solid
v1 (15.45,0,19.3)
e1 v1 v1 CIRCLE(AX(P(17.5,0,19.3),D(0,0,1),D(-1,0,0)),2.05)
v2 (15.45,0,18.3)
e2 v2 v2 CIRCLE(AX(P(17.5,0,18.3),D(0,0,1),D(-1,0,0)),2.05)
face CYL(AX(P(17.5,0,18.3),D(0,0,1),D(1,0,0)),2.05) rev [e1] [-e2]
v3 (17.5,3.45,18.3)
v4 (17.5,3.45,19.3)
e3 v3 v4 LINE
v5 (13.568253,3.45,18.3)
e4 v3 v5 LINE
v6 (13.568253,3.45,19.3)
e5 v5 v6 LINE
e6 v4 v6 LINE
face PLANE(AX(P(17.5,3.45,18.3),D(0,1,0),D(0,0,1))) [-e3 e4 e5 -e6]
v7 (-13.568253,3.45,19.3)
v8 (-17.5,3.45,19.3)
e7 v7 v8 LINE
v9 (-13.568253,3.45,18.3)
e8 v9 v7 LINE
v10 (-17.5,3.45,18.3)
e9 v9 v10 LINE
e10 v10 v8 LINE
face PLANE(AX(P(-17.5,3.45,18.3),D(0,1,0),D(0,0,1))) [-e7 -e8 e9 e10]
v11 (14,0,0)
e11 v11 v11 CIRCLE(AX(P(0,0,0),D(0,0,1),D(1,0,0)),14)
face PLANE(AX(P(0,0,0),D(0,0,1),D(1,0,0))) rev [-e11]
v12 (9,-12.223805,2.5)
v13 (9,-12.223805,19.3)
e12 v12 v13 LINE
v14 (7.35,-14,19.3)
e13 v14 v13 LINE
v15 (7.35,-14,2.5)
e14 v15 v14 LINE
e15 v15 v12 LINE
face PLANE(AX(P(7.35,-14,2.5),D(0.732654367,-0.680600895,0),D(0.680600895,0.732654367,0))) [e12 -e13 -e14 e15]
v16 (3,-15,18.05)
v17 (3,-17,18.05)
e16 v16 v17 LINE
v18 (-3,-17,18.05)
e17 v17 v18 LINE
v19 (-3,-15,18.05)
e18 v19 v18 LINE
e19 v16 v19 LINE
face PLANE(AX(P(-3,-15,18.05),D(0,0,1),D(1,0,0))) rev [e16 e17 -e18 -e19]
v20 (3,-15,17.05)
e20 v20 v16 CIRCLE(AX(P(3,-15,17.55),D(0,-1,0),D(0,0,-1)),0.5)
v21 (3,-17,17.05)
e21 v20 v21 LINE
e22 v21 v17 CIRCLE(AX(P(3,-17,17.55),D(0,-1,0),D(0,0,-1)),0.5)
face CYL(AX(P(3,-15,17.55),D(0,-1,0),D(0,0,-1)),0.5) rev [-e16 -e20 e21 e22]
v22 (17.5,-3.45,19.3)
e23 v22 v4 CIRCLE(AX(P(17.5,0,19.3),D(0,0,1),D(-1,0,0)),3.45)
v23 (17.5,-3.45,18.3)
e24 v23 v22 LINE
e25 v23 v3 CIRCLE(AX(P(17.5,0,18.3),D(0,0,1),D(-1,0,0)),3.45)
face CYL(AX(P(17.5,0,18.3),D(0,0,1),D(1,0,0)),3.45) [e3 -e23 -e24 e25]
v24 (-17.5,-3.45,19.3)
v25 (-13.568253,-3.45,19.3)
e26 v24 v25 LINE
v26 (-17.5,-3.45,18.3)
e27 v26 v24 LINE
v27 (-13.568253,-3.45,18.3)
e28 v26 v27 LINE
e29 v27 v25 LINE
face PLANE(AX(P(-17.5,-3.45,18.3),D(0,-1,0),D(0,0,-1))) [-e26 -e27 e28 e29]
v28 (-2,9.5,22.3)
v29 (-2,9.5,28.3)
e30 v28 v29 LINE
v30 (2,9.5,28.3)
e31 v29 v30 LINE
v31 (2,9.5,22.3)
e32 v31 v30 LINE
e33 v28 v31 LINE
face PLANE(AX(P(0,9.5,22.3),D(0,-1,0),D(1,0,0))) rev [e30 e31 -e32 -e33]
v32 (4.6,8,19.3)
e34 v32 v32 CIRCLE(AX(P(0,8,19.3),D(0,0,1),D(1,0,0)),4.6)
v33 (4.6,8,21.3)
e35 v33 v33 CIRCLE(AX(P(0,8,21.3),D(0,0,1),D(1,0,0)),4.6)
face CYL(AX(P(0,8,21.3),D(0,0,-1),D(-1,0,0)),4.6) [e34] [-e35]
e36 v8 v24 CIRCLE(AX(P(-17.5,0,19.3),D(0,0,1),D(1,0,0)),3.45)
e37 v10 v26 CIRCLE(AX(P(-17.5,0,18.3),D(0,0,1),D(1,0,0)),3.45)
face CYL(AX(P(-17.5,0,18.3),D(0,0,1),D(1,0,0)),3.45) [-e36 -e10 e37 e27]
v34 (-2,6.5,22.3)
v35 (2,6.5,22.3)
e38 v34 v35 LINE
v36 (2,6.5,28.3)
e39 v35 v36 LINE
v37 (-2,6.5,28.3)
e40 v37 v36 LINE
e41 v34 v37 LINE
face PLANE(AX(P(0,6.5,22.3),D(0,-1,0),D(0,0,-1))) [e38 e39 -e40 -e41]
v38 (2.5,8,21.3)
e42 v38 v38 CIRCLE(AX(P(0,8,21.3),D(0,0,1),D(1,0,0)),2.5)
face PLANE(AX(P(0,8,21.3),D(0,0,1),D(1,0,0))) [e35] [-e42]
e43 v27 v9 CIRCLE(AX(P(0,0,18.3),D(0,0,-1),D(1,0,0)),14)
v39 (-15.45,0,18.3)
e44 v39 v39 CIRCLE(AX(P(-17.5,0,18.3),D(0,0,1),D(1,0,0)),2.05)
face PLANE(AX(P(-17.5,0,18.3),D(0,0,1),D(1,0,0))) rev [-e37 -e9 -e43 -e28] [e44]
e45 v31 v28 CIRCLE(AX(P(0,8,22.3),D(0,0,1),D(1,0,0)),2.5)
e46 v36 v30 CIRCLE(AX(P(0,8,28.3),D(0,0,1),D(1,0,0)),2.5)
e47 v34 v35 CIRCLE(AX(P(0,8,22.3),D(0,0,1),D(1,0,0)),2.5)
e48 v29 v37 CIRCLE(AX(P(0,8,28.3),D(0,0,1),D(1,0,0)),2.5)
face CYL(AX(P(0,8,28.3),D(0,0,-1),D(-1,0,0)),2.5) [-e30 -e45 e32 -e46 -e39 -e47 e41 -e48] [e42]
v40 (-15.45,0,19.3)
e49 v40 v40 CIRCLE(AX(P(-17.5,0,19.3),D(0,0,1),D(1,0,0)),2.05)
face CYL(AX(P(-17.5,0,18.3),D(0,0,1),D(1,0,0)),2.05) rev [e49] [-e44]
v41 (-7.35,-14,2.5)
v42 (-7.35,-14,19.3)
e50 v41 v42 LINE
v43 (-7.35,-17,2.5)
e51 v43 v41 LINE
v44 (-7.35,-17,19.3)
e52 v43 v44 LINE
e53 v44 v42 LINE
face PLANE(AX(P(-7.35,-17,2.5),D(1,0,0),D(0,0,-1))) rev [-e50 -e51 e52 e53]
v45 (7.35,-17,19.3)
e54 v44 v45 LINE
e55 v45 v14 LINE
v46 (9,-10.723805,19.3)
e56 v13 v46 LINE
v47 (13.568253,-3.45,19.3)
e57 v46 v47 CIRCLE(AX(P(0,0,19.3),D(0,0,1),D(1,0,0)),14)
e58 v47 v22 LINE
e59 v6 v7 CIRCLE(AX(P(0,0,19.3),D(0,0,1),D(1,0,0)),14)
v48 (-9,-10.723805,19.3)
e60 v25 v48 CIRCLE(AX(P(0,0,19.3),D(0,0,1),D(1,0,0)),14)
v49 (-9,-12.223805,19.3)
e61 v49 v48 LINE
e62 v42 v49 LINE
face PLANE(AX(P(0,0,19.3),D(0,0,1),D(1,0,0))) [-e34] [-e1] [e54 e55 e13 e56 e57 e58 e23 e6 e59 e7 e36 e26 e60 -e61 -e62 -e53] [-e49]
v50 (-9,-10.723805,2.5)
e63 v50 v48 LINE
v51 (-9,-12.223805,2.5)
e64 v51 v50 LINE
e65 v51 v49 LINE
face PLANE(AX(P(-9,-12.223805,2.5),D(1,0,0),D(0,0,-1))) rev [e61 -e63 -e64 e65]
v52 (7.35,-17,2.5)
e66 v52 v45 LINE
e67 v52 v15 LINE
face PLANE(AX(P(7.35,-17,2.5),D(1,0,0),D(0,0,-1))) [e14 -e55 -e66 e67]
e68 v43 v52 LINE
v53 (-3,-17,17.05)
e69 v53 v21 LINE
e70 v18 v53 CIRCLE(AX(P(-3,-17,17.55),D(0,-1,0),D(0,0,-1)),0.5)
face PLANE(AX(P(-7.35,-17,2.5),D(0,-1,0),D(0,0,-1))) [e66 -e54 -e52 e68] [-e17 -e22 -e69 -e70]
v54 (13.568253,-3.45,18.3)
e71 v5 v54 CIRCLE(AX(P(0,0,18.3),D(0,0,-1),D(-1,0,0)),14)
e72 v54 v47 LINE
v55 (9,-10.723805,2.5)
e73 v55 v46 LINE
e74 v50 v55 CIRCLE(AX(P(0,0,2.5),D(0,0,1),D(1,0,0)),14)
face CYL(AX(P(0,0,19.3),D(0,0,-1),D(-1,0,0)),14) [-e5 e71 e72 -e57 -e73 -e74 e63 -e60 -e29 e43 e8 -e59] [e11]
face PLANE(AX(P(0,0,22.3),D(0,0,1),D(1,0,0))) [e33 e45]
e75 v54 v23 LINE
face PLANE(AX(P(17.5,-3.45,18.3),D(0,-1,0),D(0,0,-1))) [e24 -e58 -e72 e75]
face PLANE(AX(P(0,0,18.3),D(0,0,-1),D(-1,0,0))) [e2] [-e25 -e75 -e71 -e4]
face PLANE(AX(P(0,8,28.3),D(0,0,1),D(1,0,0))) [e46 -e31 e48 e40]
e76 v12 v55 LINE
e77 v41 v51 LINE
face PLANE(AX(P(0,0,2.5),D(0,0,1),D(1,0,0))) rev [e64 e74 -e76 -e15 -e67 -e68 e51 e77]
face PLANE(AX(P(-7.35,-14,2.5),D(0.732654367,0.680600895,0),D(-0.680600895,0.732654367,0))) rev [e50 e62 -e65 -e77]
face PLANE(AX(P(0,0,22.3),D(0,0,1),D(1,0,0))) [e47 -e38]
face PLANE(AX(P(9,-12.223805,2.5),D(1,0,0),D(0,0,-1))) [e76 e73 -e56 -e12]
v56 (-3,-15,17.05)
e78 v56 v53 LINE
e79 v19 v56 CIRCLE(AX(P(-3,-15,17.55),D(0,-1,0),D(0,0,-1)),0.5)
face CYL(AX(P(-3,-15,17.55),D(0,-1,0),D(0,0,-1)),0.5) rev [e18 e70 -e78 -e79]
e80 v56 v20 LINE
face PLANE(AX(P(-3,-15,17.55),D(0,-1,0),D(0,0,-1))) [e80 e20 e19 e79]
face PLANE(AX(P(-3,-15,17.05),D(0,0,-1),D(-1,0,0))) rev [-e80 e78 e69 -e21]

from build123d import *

# Parameters (mm, degrees)
SKETCH1_R           = 14
BOSS_EXTRUDE1_DEPTH = 19.3
BOSS_EXTRUDE2_START = -16.8
BOSS_EXTRUDE2_DEPTH = 16.8
CUT_EXTRUDE1_DEPTH  = 2
BOSS_EXTRUDE3_START = -1
SKETCH5_R           = 2.05
BOSS_EXTRUDE3_DEPTH = 1
SKETCH6_R           = 4.6
BOSS_EXTRUDE4_DEPTH = 2
SKETCH7_R           = 2.5
BOSS_EXTRUDE5_DEPTH = 7
CUT_EXTRUDE2_START  = -6
CUT_EXTRUDE2_DEPTH  = 6


with BuildPart() as part:
    # Sketch1 → Boss-Extrude1 (new body)
    with BuildSketch(Plane.XY):
        Circle(SKETCH1_R)
    extrude(amount=BOSS_EXTRUDE1_DEPTH)

    # Sketch2 → Boss-Extrude2 (add)
    with BuildSketch(Plane.XY.offset(19.3).offset(BOSS_EXTRUDE2_START)):
        with BuildLine():
            Line((-7.35, -17), (7.35, -17))
            Line((7.35, -17), (7.35, -14))
            Line((7.35, -14), (9, -12.223805295))
            Line((9, -12.223805295), (9, -10.723805295))
            ThreePointArc((9, -10.723805295), (0, -14), (-9, -10.723805295))
            Line((-9, -10.723805295), (-9, -12.223805295))
            Line((-9, -12.223805295), (-7.35, -14))
            Line((-7.35, -14), (-7.35, -17))
        make_face()
    extrude(amount=BOSS_EXTRUDE2_DEPTH)

    # Sketch4 → Cut-Extrude1 (cut)
    with BuildSketch(Plane.XZ.offset(17)):
        with BuildLine():
            Line((-3, 18.05), (3, 18.05))
            ThreePointArc((3, 18.05), (3.5, 17.55), (3, 17.05))
            Line((3, 17.05), (-3, 17.05))
            ThreePointArc((-3, 17.05), (-3.5, 17.55), (-3, 18.05))
        make_face()
    extrude(amount=-CUT_EXTRUDE1_DEPTH, mode=Mode.SUBTRACT)

    # Sketch5 → Boss-Extrude3 (add)
    # profile 1 of 2: a face of its own
    with BuildSketch(Plane.XY.offset(19.3).offset(BOSS_EXTRUDE3_START)):
        with BuildLine():
            Line((-17.5, 3.45), (-13.568253388, 3.45))
            ThreePointArc((-13.568253388, 3.45), (-14, 0), (-13.568253388, -3.45))
            Line((-13.568253388, -3.45), (-17.5, -3.45))
            ThreePointArc((-17.5, -3.45), (-20.95, 0), (-17.5, 3.45))
        make_face()
        with Locations((-17.5, 0)):
            Circle(SKETCH5_R, mode=Mode.SUBTRACT)
    # profile 2 of 2: a face of its own
    with BuildSketch(Plane.XY.offset(19.3).offset(BOSS_EXTRUDE3_START)):
        with BuildLine():
            Line((17.5, -3.45), (13.568253388, -3.45))
            ThreePointArc((13.568253388, -3.45), (14, 0), (13.568253388, 3.45))
            Line((13.568253388, 3.45), (17.5, 3.45))
            ThreePointArc((17.5, 3.45), (20.95, 0), (17.5, -3.45))
        make_face()
        with Locations(Location((17.5, 0, 0), (0, 0, 180))):
            Circle(SKETCH5_R, mode=Mode.SUBTRACT)
    extrude(amount=BOSS_EXTRUDE3_DEPTH)

    # Sketch6 → Boss-Extrude4 (add)
    with BuildSketch(Plane.XY.offset(19.3)):
        with Locations((0, 8)):
            Circle(SKETCH6_R)
    extrude(amount=BOSS_EXTRUDE4_DEPTH)

    # Sketch7 → Boss-Extrude5 (add)
    with BuildSketch(Plane.XY.offset(21.3)):
        with Locations((0, 8)):
            Circle(SKETCH7_R)
    extrude(amount=BOSS_EXTRUDE5_DEPTH)

    # Sketch8 → Cut-Extrude2 (cut)
    with BuildSketch(Plane.XY.offset(28.3).offset(CUT_EXTRUDE2_START)):
        with BuildLine():
            ThreePointArc((2, 9.5), (0, 10.5), (-2, 9.5))
            Line((-2, 9.5), (2, 9.5))
        make_face()
        with BuildLine():
            Line((2, 6.5), (-2, 6.5))
            ThreePointArc((-2, 6.5), (0, 5.5), (2, 6.5))
        make_face()
    extrude(amount=CUT_EXTRUDE2_DEPTH, mode=Mode.SUBTRACT)


solid = part.part
